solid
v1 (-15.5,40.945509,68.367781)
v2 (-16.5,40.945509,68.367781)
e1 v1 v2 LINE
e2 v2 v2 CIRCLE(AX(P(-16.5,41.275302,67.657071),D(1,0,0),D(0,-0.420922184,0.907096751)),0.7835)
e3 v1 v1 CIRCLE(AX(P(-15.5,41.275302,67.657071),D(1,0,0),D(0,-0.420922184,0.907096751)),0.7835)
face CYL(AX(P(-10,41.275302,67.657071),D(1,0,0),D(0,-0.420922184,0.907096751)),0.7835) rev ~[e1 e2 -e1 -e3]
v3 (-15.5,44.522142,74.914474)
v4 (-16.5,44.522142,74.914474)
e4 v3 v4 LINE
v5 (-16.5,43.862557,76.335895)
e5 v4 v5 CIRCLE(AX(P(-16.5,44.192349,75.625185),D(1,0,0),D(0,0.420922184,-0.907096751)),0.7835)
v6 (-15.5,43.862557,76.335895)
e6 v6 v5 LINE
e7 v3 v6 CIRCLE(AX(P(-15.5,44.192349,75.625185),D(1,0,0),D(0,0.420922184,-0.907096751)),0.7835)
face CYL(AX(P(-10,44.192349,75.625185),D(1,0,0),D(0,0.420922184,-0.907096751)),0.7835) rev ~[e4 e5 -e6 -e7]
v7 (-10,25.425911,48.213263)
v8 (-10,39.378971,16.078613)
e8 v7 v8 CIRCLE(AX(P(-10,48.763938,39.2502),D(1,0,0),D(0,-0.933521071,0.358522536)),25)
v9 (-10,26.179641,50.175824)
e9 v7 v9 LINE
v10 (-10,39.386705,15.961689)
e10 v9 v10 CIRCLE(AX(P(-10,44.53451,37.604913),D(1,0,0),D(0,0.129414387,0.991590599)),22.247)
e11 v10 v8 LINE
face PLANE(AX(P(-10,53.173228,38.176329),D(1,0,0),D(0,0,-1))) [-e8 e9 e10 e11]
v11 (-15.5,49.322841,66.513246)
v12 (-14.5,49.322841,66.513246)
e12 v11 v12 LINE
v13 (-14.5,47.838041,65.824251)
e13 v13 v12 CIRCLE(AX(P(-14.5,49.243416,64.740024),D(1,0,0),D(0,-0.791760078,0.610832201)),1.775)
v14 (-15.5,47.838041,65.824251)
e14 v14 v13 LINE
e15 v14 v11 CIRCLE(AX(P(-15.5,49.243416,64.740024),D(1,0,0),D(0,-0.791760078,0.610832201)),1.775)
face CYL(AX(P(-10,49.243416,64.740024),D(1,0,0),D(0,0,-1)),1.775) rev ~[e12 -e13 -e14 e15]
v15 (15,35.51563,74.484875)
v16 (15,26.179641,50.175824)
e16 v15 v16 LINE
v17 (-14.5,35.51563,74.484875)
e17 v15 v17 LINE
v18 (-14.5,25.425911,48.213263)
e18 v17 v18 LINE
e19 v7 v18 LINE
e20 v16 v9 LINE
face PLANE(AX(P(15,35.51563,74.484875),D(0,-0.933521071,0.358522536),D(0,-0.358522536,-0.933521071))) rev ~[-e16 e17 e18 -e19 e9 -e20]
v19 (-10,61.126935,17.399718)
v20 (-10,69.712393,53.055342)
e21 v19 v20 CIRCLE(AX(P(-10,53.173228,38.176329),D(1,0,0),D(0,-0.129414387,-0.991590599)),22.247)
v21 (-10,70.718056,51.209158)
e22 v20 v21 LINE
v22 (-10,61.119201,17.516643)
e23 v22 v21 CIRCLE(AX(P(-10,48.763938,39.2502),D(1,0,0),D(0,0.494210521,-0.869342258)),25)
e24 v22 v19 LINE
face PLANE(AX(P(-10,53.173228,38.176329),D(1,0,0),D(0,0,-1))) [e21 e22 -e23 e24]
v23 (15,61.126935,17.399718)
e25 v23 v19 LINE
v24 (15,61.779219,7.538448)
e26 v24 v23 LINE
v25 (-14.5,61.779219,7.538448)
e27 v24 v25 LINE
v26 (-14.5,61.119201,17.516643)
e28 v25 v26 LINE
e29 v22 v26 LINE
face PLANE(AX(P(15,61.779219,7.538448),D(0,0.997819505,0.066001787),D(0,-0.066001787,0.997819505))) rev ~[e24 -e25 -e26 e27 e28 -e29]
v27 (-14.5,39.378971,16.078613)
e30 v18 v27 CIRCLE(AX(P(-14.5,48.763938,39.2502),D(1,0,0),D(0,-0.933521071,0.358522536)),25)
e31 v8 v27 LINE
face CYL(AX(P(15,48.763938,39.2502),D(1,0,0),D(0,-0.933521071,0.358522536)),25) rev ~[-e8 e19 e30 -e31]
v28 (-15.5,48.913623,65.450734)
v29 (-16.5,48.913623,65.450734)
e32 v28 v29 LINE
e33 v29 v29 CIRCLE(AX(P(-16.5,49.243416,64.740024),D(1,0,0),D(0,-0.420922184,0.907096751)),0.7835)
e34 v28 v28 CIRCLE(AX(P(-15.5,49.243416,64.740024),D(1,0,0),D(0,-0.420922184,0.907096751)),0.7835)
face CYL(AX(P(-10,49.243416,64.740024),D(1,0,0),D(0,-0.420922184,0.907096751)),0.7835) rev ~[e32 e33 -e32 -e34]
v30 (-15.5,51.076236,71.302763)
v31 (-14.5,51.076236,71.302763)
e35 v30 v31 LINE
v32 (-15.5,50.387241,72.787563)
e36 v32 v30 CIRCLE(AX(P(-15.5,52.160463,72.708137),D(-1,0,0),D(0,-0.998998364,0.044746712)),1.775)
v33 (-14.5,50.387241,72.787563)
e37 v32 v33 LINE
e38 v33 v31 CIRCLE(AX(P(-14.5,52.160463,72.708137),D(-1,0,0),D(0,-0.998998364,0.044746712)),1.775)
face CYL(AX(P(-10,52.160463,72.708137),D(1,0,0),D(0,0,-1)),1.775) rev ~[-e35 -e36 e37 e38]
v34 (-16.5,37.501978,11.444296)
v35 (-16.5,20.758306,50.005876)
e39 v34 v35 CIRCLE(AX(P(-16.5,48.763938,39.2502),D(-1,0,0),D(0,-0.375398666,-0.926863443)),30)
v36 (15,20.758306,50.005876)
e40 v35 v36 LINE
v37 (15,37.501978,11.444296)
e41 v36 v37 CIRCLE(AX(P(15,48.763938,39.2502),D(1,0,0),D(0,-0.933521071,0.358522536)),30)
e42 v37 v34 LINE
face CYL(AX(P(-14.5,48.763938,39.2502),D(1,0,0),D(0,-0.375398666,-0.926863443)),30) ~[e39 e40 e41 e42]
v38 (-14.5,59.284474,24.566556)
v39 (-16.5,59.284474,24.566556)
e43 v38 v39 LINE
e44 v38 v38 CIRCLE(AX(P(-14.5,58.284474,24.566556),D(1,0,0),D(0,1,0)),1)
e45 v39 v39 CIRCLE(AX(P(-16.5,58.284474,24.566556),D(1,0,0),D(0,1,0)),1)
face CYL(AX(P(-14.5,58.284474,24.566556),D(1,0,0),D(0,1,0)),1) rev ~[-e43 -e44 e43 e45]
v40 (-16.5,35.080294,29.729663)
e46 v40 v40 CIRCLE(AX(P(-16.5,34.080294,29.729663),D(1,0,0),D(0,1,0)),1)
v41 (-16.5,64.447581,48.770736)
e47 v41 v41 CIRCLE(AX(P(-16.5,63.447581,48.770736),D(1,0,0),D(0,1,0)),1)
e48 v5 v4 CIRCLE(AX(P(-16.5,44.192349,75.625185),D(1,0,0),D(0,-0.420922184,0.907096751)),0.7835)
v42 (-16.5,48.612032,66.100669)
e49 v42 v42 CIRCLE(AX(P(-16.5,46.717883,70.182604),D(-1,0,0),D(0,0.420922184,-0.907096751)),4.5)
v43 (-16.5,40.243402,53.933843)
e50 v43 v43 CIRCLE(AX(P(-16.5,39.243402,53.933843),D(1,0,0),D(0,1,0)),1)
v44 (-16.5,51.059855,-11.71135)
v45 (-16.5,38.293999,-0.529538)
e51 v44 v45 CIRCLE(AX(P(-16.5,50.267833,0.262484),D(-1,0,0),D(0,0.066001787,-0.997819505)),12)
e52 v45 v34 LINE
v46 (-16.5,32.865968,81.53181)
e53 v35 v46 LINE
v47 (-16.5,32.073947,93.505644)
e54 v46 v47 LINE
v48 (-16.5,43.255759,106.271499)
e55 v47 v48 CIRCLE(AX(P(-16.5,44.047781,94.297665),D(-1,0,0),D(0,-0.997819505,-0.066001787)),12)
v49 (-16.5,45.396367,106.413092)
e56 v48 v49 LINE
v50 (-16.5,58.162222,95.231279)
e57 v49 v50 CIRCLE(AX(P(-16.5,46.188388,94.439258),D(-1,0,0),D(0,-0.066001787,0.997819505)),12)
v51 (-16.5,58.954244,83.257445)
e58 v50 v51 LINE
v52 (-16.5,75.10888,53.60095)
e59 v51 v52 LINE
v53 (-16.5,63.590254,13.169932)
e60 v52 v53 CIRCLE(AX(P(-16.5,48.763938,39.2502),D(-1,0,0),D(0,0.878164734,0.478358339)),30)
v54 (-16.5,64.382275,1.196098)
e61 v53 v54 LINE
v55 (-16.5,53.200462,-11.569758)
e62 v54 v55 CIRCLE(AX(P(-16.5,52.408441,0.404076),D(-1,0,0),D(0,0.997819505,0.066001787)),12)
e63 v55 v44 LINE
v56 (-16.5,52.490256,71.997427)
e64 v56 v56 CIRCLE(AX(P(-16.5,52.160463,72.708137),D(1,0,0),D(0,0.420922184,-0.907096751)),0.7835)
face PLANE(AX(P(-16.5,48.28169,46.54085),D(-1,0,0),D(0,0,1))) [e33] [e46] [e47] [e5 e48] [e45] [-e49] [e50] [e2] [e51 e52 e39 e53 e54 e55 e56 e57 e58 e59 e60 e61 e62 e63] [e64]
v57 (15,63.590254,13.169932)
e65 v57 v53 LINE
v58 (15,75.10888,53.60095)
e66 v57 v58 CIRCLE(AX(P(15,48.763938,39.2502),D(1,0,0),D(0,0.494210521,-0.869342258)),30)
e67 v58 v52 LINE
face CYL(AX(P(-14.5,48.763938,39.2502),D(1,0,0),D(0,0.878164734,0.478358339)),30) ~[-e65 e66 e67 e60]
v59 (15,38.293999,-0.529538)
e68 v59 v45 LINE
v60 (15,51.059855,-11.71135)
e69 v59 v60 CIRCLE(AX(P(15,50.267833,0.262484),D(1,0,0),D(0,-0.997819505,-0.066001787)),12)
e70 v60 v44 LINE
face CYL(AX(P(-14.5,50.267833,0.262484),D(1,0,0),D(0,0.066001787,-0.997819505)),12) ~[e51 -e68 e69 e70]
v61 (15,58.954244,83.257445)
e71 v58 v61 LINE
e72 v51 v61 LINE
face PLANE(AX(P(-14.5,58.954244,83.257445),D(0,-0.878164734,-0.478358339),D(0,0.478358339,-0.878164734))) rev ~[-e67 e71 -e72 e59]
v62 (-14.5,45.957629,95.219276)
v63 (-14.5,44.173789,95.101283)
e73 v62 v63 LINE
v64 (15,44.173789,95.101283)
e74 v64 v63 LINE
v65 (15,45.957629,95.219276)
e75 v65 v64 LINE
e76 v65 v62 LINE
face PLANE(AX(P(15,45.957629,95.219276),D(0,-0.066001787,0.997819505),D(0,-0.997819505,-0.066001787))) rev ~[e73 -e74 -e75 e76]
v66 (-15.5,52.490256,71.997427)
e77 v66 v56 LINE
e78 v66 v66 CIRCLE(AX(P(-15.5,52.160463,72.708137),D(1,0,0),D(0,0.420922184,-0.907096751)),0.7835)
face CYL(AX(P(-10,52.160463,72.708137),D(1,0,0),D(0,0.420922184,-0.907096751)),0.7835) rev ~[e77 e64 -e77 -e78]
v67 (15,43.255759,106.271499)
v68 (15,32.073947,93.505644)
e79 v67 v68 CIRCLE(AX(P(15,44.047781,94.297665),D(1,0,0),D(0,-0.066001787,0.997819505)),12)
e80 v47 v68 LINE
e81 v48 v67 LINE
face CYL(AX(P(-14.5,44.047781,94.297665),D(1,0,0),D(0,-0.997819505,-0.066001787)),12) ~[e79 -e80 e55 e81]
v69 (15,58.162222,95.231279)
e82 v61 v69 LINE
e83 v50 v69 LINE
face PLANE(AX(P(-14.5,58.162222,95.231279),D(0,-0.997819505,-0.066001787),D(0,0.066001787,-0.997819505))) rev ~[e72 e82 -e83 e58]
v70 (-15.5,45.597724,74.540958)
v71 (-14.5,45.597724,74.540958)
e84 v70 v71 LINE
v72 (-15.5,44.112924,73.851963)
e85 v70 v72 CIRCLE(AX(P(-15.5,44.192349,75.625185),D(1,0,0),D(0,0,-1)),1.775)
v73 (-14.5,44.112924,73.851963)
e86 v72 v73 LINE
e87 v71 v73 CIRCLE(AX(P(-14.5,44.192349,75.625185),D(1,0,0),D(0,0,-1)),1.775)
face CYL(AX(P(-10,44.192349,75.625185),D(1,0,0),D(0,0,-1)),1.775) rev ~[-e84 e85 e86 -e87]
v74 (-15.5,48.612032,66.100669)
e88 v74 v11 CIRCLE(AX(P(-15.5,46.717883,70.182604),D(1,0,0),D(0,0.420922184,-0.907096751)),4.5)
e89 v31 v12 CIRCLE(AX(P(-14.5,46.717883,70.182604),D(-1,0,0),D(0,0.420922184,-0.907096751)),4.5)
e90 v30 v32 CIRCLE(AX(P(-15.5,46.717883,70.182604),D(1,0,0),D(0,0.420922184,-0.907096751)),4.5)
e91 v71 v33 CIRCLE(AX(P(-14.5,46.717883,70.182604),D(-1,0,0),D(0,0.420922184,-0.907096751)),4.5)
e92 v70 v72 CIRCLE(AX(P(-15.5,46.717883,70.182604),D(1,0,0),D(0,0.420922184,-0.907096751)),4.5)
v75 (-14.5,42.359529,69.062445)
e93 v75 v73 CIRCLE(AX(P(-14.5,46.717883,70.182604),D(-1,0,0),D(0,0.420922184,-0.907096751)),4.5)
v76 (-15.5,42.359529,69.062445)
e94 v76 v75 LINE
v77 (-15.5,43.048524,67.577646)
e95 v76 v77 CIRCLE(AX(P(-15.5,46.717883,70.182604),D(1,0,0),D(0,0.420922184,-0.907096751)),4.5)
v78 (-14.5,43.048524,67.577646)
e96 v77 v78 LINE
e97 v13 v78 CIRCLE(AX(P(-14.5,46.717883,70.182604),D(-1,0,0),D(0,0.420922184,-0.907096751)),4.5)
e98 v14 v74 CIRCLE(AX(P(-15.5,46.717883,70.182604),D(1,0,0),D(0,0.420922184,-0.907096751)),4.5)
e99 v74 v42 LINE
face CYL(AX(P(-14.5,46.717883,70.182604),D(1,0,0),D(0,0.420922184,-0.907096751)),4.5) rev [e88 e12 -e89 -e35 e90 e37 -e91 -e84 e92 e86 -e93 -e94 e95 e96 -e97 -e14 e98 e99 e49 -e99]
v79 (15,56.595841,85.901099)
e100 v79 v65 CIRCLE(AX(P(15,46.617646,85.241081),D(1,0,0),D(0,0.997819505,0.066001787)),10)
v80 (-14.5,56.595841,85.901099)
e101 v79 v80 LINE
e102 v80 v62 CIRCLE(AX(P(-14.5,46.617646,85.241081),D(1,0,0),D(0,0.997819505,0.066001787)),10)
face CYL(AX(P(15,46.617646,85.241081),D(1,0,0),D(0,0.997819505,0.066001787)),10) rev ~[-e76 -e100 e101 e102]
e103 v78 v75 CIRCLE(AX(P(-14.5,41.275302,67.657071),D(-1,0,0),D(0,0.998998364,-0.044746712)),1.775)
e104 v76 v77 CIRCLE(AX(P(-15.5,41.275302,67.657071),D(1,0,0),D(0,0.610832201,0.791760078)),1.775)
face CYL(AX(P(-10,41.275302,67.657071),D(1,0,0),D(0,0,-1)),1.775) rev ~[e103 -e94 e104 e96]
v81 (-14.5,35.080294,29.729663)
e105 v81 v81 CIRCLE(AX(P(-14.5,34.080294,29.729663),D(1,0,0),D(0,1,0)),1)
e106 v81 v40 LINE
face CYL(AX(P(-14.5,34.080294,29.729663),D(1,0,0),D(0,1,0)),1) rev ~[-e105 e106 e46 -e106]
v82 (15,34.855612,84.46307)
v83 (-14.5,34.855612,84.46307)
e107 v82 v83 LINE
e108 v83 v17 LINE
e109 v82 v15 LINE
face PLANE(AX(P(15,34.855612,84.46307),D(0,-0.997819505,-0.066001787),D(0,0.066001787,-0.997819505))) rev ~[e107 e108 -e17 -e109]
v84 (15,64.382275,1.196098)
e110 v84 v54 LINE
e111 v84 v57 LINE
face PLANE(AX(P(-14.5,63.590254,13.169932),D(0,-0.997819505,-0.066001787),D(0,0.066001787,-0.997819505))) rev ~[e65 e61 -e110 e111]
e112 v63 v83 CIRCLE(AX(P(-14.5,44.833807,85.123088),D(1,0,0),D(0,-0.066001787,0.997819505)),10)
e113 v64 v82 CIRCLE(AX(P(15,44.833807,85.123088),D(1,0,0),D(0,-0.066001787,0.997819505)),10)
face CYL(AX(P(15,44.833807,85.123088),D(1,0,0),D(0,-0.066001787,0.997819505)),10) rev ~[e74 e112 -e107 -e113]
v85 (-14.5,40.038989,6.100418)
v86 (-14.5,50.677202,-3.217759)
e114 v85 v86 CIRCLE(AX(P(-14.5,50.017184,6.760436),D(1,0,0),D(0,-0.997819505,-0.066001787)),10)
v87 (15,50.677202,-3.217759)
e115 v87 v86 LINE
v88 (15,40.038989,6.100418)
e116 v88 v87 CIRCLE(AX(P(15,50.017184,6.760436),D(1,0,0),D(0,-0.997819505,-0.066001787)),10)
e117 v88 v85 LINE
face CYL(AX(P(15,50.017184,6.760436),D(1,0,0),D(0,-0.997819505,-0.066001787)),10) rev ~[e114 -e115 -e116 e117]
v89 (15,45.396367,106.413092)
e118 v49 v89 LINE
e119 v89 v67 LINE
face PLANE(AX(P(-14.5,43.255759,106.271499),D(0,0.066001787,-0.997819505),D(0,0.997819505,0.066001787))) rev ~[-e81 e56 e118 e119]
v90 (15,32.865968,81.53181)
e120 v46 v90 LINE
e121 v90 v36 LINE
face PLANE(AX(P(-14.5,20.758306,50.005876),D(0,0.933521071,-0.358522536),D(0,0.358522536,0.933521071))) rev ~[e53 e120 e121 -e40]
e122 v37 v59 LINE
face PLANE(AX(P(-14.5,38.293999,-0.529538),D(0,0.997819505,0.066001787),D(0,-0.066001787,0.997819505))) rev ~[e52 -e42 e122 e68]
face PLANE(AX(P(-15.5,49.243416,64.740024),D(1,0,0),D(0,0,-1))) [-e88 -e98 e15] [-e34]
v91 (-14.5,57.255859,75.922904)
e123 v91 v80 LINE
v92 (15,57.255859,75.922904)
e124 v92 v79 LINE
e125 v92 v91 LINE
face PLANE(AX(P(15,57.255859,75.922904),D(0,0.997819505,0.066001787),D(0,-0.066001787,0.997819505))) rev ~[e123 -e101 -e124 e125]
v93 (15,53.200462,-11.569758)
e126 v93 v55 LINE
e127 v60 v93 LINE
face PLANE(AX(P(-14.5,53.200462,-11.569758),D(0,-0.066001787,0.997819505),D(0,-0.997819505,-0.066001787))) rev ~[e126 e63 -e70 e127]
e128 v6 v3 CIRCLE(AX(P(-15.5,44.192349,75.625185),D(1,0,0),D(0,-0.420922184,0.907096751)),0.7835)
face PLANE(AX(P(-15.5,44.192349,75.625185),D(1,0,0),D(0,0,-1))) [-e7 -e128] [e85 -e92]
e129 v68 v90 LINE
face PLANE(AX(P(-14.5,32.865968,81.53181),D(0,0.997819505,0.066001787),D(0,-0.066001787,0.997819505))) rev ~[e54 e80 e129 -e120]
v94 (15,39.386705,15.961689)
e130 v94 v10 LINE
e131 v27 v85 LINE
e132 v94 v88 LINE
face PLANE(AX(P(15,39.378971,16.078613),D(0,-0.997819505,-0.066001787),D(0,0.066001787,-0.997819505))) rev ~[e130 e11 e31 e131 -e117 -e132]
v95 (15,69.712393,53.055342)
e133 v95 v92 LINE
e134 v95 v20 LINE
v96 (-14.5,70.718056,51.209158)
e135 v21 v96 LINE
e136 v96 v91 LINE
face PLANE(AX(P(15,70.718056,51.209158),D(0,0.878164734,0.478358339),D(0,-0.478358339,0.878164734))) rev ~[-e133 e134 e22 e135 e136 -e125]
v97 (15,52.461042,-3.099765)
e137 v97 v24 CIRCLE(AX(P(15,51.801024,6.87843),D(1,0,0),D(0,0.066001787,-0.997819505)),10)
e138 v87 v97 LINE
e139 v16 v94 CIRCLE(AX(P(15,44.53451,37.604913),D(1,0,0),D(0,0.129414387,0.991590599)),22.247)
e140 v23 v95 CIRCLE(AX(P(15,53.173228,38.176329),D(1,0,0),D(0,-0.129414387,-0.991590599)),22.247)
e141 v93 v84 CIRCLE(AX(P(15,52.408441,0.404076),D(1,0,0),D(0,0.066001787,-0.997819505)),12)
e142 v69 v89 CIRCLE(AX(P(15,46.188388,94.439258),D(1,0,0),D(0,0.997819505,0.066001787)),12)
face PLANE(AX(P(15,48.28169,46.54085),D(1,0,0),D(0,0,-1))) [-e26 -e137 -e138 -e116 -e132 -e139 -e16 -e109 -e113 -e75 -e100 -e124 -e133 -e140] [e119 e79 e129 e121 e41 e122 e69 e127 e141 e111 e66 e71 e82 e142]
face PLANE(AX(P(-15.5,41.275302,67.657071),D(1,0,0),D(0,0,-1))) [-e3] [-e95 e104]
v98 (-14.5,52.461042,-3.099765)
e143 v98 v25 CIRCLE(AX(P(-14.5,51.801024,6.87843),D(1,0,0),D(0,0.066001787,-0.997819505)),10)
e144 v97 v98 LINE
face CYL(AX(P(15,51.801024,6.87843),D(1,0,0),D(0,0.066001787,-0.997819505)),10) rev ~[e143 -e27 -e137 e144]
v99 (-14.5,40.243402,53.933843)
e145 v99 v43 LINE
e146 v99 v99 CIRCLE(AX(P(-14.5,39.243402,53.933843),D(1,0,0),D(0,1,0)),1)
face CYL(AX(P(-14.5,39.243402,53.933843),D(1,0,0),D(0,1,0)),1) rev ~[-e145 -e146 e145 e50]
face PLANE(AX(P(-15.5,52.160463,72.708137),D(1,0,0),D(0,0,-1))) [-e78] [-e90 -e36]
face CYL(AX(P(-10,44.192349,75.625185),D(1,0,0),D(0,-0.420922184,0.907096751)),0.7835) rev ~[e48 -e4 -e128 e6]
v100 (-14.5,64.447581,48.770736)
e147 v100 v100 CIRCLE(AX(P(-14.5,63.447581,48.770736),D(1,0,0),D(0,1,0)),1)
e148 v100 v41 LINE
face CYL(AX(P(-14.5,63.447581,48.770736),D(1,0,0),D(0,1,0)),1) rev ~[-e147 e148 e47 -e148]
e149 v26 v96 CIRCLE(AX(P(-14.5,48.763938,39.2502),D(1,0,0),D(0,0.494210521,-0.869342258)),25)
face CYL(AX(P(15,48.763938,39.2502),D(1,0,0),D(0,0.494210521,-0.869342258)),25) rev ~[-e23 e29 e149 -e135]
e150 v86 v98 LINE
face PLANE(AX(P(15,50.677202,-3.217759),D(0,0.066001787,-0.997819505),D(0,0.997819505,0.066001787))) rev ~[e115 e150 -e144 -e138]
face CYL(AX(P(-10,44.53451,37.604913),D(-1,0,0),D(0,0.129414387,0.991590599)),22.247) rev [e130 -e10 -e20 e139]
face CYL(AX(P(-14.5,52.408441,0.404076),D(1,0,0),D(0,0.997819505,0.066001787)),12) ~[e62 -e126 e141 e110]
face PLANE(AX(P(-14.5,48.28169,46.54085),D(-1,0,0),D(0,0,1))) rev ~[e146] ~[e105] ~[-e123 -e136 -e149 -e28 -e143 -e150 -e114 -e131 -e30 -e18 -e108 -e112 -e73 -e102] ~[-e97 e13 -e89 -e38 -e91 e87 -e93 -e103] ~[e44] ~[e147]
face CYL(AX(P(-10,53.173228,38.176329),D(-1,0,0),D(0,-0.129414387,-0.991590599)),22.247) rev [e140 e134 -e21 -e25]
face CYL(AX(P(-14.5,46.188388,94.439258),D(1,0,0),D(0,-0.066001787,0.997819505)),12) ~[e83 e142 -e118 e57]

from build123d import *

# Parameters (mm, degrees)
BOSS_EXTRUDE1_DEPTH = 29.5
CUT_EXTRUDE1_START  = -25
SKETCH2_R           = 22.247000374
CUT_EXTRUDE1_DEPTH  = 25
BOSS_EXTRUDE2_DEPTH = 2
CUT_EXTRUDE2_DEPTH  = 135.751896149
SKETCH5_R           = 1.775
CUT_EXTRUDE4_DEPTH  = 5.5
SKETCH6_R           = 1
CUT_EXTRUDE5_DEPTH  = 136.658849751


with BuildPart() as part:
    # Sketch1 → Boss-Extrude1 (new body)
    with BuildSketch(Plane(origin=(15, 0, 0), x_dir=(0, 0, -1), z_dir=(1, 0, 0))):
        with BuildLine():
            Line((11.711350424, 51.059854885), (11.569757763, 53.200462368))
            ThreePointArc((11.569757763, 53.200462368), (7.502659229, 61.435263917), (-1.19609774, 64.382274981))
            Line((-1.19609774, 64.382274981), (-13.169931797, 63.590253536))
            ThreePointArc((-13.169931797, 63.590253536), (-31.030401227, 77.615886129), (-53.600949688, 75.108879931))
            Line((-53.600949688, 75.108879931), (-83.257445184, 58.954243603))
            Line((-83.257445184, 58.954243603), (-95.231279241, 58.162222158))
            ThreePointArc((-95.231279241, 58.162222158), (-103.466080789, 54.095123625), (-106.413091853, 45.396366656))
            Line((-106.413091853, 45.396366656), (-106.271499192, 43.255759172))
            ThreePointArc((-106.271499192, 43.255759172), (-102.204400659, 35.020957624), (-93.50564369, 32.07394656))
            Line((-93.50564369, 32.07394656), (-81.531809632, 32.865968005))
            Line((-81.531809632, 32.865968005), (-50.005875623, 20.758305769))
            ThreePointArc((-50.005875623, 20.758305769), (-27.30176025, 21.246038307), (-11.444296246, 37.501977938))
            Line((-11.444296246, 37.501977938), (0.529537812, 38.293999383))
            ThreePointArc((0.529537812, 38.293999383), (8.76433936, 42.361097916), (11.711350424, 51.059854885))
        make_face()
        with BuildLine():
            Line((3.217758765, 50.677202056), (3.09976488, 52.461041626))
            ThreePointArc((3.09976488, 52.461041626), (-0.289483897, 59.323376249), (-7.538448038, 61.779218803))
            Line((-7.538448038, 61.779218803), (-17.516643086, 61.119200932))
            ThreePointArc((-17.516643086, 61.119200932), (-32.400367611, 72.807228093), (-51.209157995, 70.718056262))
            Line((-51.209157995, 70.718056262), (-75.922904242, 57.255859321))
            Line((-75.922904242, 57.255859321), (-85.901099289, 56.595841451))
            ThreePointArc((-85.901099289, 56.595841451), (-92.763433913, 53.206592673), (-95.219276466, 45.957628532))
            Line((-95.219276466, 45.957628532), (-95.101282582, 44.173788963))
            ThreePointArc((-95.101282582, 44.173788963), (-91.712033804, 37.311454339), (-84.463069663, 34.855611786))
            Line((-84.463069663, 34.855611786), (-74.484874616, 35.515629656))
            Line((-74.484874616, 35.515629656), (-48.213262941, 25.425911127))
            ThreePointArc((-48.213262941, 25.425911127), (-29.293166796, 25.832354908), (-16.07861346, 39.378971267))
            Line((-16.07861346, 39.378971267), (-6.100418412, 40.038989138))
            ThreePointArc((-6.100418412, 40.038989138), (0.761916211, 43.428237915), (3.217758765, 50.677202056))
        make_face(mode=Mode.SUBTRACT)
    extrude(amount=-BOSS_EXTRUDE1_DEPTH)

    # Sketch2 → Cut-Extrude1 (cut)
    with BuildSketch(Plane(origin=(15, 0, 0), x_dir=(0, 0, -1), z_dir=(1, 0, 0)).offset(CUT_EXTRUDE1_START)):
        with Locations((-38.176329446, 53.173227685)):
            Circle(SKETCH2_R)
        with Locations((-37.60491264, 44.534509548)):
            Circle(SKETCH2_R)
    extrude(amount=CUT_EXTRUDE1_DEPTH, mode=Mode.SUBTRACT)

    # Sketch3 → Boss-Extrude2 (add)
    with BuildSketch(Plane.ZY.offset(14.5)):
        with BuildLine():
            Line((83.257445184, 58.954243603), (53.600949688, 75.108879931))
            ThreePointArc((53.600949688, 75.108879931), (31.030401227, 77.615886129), (13.169931797, 63.590253536))
            Line((13.169931797, 63.590253536), (1.19609774, 64.382274981))
            ThreePointArc((1.19609774, 64.382274981), (-7.502659229, 61.435263917), (-11.569757763, 53.200462368))
            Line((-11.569757763, 53.200462368), (-11.711350424, 51.059854885))
            ThreePointArc((-11.711350424, 51.059854885), (-8.76433936, 42.361097916), (-0.529537812, 38.293999383))
            Line((-0.529537812, 38.293999383), (11.444296246, 37.501977938))
            ThreePointArc((11.444296246, 37.501977938), (27.30176025, 21.246038307), (50.005875623, 20.758305769))
            Line((50.005875623, 20.758305769), (81.531809632, 32.865968005))
            Line((81.531809632, 32.865968005), (93.50564369, 32.07394656))
            ThreePointArc((93.50564369, 32.07394656), (102.204400659, 35.020957624), (106.271499192, 43.255759172))
            Line((106.271499192, 43.255759172), (106.413091853, 45.396366656))
            ThreePointArc((106.413091853, 45.396366656), (103.466080789, 54.095123625), (95.231279241, 58.162222158))
            Line((95.231279241, 58.162222158), (83.257445184, 58.954243603))
        make_face()
        with BuildLine():
            ThreePointArc((74.264539557, 44.823732686), (72.076754007, 50.799817892), (66.100668801, 48.612032342))
            ThreePointArc((66.100668801, 48.612032342), (68.288454351, 42.635947136), (74.264539557, 44.823732686))
        make_face(mode=Mode.SUBTRACT)
    extrude(amount=BOSS_EXTRUDE2_DEPTH)

    # Sketch4 → Cut-Extrude2 (cut, through all)
    with BuildSketch(Plane(origin=(-10, 0, 0), x_dir=(0, 0, -1), z_dir=(1, 0, 0))):
        with BuildLine():
            ThreePointArc((-73.418847587, 51.830670487), (-72.378344752, 51.449752714), (-71.997426979, 52.490255549))
            ThreePointArc((-71.997426979, 52.490255549), (-73.037929814, 52.871173322), (-73.418847587, 51.830670487))
        make_face()
        with BuildLine():
            ThreePointArc((-64.029313371, 49.573208149), (-65.069816206, 49.954125922), (-65.450733979, 48.913623087))
            ThreePointArc((-65.450733979, 48.913623087), (-64.410231144, 48.532705314), (-64.029313371, 49.573208149))
        make_face()
        with BuildLine():
            ThreePointArc((-74.914474378, 44.522141941), (-75.954977214, 44.903059714), (-76.335894987, 43.862556879))
            ThreePointArc((-76.335894987, 43.862556879), (-75.295392151, 43.481639106), (-74.914474378, 44.522141941))
        make_face()
        with BuildLine():
            ThreePointArc((-66.946360771, 41.605094541), (-67.986863606, 41.986012314), (-68.367781379, 40.945509479))
            ThreePointArc((-68.367781379, 40.945509479), (-67.327278544, 40.564591706), (-66.946360771, 41.605094541))
        make_face()
    extrude(amount=-CUT_EXTRUDE2_DEPTH, mode=Mode.SUBTRACT)

    # Sketch5 → Cut-Extrude4 (cut)
    with BuildSketch(Plane(origin=(-10, 0, 0), x_dir=(0, 0, -1), z_dir=(1, 0, 0))):
        with Locations((-72.708137283, 52.160463018)):
            Circle(SKETCH5_R)
        with Locations((-64.740023675, 49.243415618)):
            Circle(SKETCH5_R)
        with Locations((-67.657071075, 41.27530201)):
            Circle(SKETCH5_R)
        with Locations((-75.625184683, 44.19234941)):
            Circle(SKETCH5_R)
    extrude(amount=-CUT_EXTRUDE4_DEPTH, mode=Mode.SUBTRACT)

    # Sketch6 → Cut-Extrude5 (cut, through all)
    with BuildSketch(Plane(origin=(-14.5, 0, 0), x_dir=(0, 0, -1), z_dir=(1, 0, 0))):
        with Locations(Location((-29.729663164, 34.080294384, 0), (0, 0, 90))):
            Circle(SKETCH6_R)
        with Locations(Location((-53.93384306, 39.243401547, 0), (0, 0, 90))):
            Circle(SKETCH6_R)
        with Locations(Location((-24.566556001, 58.28447428, 0), (0, 0, 90))):
            Circle(SKETCH6_R)
        with Locations(Location((-48.770735897, 63.447581443, 0), (0, 0, 90))):
            Circle(SKETCH6_R)
    extrude(amount=-CUT_EXTRUDE5_DEPTH, mode=Mode.SUBTRACT)


solid = part.part
